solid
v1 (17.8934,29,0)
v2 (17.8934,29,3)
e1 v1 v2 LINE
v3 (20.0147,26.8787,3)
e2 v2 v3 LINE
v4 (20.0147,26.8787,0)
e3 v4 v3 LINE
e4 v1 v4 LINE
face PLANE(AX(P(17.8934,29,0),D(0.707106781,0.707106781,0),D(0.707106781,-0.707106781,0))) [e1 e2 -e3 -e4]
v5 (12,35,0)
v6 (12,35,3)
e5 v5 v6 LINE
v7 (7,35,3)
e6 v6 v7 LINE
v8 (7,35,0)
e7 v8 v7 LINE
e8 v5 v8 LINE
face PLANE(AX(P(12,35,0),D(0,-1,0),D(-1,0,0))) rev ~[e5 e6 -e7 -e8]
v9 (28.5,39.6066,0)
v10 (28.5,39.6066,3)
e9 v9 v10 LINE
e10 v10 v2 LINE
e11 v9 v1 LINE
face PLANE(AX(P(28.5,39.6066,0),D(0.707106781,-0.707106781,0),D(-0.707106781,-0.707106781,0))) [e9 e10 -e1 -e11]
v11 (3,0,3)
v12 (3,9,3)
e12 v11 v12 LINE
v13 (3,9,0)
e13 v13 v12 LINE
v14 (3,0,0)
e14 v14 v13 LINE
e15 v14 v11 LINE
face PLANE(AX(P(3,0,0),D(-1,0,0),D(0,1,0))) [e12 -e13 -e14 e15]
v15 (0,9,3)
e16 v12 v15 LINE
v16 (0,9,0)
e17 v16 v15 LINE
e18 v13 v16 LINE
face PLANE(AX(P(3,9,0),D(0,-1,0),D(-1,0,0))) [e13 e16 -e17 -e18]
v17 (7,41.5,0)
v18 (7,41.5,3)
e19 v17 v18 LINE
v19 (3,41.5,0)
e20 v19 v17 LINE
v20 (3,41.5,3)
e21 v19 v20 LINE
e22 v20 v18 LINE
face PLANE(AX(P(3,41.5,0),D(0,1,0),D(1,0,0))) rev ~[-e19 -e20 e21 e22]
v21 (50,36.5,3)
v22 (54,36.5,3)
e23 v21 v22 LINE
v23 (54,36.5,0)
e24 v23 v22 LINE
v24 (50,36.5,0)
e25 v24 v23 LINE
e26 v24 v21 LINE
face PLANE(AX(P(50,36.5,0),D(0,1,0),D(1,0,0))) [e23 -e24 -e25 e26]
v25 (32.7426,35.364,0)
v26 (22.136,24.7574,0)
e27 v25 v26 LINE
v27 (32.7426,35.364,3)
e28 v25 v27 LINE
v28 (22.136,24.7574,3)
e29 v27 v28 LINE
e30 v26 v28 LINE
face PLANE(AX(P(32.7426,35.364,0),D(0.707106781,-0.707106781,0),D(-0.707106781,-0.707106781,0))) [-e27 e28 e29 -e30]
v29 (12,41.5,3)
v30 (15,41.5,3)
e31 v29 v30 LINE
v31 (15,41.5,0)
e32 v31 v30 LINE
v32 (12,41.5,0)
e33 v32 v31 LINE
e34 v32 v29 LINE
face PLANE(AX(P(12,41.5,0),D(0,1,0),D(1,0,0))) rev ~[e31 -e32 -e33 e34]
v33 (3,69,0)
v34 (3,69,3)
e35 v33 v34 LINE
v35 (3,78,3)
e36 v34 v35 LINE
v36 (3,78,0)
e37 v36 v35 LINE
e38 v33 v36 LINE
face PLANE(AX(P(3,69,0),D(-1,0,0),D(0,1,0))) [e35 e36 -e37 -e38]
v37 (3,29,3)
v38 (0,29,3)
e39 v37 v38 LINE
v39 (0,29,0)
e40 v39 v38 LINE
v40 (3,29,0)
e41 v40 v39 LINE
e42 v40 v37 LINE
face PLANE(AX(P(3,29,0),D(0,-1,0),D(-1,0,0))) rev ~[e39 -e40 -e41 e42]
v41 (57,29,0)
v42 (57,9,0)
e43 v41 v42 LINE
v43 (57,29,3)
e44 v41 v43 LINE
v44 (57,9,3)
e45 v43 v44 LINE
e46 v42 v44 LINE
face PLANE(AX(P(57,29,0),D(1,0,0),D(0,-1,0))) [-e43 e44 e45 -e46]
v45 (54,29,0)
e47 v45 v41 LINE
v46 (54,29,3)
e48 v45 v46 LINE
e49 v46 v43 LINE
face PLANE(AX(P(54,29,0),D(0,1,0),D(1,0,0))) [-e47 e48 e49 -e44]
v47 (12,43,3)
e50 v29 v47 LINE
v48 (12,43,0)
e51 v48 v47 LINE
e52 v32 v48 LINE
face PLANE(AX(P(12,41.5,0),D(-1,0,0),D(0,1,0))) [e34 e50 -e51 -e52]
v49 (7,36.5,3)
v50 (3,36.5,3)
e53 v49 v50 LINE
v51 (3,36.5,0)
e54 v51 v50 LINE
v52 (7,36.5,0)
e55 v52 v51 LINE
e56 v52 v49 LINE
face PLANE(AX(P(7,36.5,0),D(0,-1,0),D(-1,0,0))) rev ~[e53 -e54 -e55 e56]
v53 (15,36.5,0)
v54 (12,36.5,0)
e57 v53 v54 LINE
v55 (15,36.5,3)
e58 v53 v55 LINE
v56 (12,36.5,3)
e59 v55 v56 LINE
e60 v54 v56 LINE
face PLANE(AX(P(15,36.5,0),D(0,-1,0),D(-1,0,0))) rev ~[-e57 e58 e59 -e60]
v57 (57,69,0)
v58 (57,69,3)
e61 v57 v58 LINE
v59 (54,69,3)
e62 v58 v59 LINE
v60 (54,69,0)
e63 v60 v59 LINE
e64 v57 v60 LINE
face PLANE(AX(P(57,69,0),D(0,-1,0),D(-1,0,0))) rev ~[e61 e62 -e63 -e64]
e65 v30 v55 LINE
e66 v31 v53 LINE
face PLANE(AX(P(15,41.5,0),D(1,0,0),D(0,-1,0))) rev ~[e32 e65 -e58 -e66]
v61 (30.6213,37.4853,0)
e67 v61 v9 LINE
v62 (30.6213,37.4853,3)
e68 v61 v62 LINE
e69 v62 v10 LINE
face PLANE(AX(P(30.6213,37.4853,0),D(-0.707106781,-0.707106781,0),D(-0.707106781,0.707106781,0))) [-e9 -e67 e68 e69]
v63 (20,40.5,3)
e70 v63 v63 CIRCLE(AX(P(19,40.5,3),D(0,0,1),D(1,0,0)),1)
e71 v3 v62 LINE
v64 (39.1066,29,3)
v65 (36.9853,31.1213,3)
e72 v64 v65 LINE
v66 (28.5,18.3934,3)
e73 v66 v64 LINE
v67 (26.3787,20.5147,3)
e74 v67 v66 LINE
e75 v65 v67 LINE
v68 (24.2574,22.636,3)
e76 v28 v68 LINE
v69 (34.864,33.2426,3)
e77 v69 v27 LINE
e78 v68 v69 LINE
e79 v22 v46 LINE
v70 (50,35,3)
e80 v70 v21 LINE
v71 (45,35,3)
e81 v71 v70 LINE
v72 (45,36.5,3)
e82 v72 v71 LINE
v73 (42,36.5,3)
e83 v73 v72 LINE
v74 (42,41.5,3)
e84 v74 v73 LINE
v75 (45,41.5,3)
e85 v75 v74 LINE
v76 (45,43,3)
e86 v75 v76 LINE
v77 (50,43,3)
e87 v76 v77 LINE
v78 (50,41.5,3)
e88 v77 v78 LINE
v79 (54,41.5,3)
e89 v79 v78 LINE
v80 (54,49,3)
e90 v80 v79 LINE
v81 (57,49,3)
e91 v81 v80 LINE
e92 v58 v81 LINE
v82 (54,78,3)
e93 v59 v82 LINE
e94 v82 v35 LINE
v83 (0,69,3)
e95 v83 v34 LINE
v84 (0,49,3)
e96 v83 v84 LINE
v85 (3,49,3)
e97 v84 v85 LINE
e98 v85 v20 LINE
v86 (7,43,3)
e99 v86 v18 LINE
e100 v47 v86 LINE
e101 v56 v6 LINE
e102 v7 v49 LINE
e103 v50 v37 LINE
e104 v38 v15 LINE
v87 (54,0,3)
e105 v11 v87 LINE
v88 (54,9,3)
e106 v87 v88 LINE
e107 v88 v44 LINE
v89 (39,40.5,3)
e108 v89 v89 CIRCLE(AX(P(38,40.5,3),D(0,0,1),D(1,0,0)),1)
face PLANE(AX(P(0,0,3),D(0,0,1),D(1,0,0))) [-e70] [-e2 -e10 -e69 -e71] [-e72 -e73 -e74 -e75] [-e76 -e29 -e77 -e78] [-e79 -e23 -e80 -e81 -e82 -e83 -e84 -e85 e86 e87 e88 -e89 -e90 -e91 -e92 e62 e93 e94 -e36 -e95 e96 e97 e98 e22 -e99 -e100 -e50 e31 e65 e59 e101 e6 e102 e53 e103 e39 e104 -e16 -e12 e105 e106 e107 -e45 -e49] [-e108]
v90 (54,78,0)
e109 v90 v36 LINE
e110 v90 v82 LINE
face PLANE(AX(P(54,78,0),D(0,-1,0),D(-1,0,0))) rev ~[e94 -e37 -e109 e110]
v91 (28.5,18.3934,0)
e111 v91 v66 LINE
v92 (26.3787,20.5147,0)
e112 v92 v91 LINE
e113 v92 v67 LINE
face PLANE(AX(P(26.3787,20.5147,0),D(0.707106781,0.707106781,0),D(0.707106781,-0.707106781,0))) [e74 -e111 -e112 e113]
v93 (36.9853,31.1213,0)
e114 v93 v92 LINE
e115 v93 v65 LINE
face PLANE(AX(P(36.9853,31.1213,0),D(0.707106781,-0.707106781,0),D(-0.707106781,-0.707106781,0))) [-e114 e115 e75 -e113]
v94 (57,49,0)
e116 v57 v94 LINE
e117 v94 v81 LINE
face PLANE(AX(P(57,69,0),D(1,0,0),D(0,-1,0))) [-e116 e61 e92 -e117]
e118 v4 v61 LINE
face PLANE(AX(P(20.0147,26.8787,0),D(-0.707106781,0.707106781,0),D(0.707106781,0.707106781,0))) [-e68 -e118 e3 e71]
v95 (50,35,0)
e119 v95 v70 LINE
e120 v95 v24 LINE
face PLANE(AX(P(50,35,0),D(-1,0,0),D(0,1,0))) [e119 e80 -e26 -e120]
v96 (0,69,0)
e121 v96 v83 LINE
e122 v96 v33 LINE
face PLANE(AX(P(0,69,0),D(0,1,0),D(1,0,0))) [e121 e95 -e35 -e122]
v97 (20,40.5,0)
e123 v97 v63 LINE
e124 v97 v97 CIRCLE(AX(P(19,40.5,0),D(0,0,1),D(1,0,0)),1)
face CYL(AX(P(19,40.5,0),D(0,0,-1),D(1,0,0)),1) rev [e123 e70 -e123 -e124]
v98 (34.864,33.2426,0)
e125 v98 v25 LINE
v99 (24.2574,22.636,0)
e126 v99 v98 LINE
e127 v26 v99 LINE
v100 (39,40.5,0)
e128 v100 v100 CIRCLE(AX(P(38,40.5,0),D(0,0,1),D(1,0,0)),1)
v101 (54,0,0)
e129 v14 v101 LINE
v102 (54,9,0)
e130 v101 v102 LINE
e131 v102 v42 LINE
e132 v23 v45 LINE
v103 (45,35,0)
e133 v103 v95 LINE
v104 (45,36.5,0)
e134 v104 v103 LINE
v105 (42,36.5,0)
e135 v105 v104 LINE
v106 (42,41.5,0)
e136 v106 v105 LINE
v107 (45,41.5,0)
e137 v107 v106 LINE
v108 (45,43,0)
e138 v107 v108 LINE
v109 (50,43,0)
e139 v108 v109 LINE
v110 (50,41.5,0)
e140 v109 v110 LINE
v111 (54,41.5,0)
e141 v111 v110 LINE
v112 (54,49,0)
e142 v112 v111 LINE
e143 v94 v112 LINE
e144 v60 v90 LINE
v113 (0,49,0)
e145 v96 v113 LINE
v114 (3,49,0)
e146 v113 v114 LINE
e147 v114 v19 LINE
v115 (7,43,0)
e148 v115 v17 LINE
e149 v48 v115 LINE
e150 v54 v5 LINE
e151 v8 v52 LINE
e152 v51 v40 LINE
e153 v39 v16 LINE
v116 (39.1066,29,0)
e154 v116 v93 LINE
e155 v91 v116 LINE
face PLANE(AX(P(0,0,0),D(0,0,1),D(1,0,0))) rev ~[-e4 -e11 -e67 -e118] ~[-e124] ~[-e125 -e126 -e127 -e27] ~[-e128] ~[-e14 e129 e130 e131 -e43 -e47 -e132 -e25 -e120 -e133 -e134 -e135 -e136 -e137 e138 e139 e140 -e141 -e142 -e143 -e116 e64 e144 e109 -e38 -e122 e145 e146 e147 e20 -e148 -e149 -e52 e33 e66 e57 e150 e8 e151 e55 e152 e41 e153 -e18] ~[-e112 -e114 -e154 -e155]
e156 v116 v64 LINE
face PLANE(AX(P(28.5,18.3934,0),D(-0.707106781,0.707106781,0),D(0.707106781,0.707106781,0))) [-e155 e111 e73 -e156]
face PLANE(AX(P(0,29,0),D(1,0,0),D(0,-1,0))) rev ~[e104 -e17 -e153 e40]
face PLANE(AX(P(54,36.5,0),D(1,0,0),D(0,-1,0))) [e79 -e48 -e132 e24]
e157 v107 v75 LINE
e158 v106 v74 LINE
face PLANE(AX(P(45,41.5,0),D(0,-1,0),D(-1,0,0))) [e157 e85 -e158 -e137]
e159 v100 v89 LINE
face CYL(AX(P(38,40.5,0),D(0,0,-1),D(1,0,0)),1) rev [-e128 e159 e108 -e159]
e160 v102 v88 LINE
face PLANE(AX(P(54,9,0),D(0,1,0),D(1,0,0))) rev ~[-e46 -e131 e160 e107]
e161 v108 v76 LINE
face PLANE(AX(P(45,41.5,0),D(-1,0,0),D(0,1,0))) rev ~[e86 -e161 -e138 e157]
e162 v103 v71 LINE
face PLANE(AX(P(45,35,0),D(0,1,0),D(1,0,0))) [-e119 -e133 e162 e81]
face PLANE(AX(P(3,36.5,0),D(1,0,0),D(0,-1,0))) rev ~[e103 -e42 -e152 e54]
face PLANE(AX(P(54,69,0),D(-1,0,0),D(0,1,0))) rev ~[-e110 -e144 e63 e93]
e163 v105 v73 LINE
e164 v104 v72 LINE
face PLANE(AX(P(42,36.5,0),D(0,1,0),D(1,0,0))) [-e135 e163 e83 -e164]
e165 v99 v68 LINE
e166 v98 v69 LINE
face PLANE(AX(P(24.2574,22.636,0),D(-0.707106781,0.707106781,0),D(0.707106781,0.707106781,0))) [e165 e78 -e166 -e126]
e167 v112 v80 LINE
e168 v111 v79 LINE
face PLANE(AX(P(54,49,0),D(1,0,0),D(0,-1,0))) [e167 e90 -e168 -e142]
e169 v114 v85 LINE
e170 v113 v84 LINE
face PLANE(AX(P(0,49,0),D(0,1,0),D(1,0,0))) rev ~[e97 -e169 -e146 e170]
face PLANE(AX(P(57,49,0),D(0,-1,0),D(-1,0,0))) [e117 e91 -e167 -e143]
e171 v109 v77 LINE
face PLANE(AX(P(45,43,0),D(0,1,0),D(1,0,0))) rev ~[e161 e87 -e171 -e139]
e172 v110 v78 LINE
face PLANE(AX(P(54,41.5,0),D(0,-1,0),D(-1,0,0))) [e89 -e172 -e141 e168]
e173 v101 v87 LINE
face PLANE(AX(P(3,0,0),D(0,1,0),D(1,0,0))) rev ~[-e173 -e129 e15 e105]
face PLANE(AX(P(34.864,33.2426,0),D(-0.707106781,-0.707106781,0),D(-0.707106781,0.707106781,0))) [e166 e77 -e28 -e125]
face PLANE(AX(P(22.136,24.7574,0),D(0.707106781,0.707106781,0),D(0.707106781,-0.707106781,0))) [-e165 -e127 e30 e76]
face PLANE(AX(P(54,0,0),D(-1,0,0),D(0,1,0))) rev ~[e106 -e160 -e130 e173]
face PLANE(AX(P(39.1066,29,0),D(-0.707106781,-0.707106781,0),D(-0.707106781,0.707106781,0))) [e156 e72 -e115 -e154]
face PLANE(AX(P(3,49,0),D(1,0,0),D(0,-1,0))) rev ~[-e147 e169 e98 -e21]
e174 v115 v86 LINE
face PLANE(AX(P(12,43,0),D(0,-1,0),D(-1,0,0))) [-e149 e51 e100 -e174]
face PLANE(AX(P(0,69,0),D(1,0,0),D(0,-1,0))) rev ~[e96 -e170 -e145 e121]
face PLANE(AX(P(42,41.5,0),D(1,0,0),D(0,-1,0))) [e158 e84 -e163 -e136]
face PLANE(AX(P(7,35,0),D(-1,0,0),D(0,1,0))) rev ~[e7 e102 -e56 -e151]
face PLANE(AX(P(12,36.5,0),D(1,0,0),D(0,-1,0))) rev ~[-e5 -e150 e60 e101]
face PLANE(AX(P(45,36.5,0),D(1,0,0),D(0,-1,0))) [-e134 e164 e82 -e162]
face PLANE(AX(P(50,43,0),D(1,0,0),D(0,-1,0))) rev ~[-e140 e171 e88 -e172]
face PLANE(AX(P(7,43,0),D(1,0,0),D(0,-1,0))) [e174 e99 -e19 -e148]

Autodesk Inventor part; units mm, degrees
ref_plane "YZ Plane" through (0, 0, 0) normal (1, 0, 0) x (0, 1, 0)
ref_plane "XZ Plane" through (0, 0, 0) normal (0, 1, 0) x (-1, 0, 0)
ref_plane "XY Plane" through (0, 0, 0) normal (0, 0, 1) x (1, 0, 0)
sketch "Sketch1" plane through (0, 0, 0) normal (0, 0, 1) x (1, 0, 0)
  line L0 (0, 69) -> (3, 69)
  line L1 (3, 69) -> (3, 78)
  line L2 (3, 0) -> (3, 9)
  line L3 (3, 9) -> (0, 9)
  line L4 (0, 49) -> (3, 49)
  line L5 (3, 29) -> (0, 29)
  line L6 (15, 41.5) -> (15, 36.5)
  line L7 (12, 41.5) -> (12, 43)
  line L8 (12, 43) -> (7, 43)
  line L9 (7, 43) -> (7, 41.5)
  line L10 (12, 36.5) -> (12, 35)
  line L11 (12, 35) -> (7, 35)
  line L12 (7, 35) -> (7, 36.5)
  line L13 (0, 69) -> (0, 49)
  line L14 (0, 29) -> (0, 9)
  line L15 (3, 49) -> (3, 41.5)
  line L16 (3, 36.5) -> (3, 29)
  line L17 (15, 36.5) -> (12, 36.5)
  line L18 (7, 36.5) -> (3, 36.5)
  line L19 (3, 41.5) -> (7, 41.5)
  line L20 (12, 41.5) -> (15, 41.5)
  line L21 (57, 69) -> (54, 69)
  line L22 (54, 69) -> (54, 78)
  line L23 (54, 0) -> (54, 9)
  line L24 (54, 9) -> (57, 9)
  line L25 (57, 49) -> (54, 49)
  line L26 (54, 29) -> (57, 29)
  line L27 (42, 41.5) -> (42, 36.5)
  line L28 (45, 41.5) -> (45, 43)
  line L29 (45, 43) -> (50, 43)
  line L30 (50, 43) -> (50, 41.5)
  line L31 (45, 36.5) -> (45, 35)
  line L32 (45, 35) -> (50, 35)
  line L33 (50, 35) -> (50, 36.5)
  line L34 (57, 69) -> (57, 49)
  line L35 (57, 29) -> (57, 9)
  line L36 (54, 49) -> (54, 41.5)
  line L37 (54, 36.5) -> (54, 29)
  line L38 (42, 36.5) -> (45, 36.5)
  line L39 (50, 36.5) -> (54, 36.5)
  line L40 (54, 41.5) -> (50, 41.5)
  line L41 (45, 41.5) -> (42, 41.5)
  line L42 (3, 0) -> (54, 0)
  line L43 (54, 78) -> (3, 78)
  line L44 (24.2574, 22.636) -> (34.864, 33.2426)
  line L45 (34.864, 33.2426) -> (32.7426, 35.364)
  line L46 (32.7426, 35.364) -> (22.136, 24.7574)
  line L47 (22.136, 24.7574) -> (24.2574, 22.636)
  line L48 (20.0147, 26.8787) -> (30.6213, 37.4853)
  line L49 (30.6213, 37.4853) -> (28.5, 39.6066)
  line L50 (28.5, 39.6066) -> (17.8934, 29)
  line L51 (17.8934, 29) -> (20.0147, 26.8787)
  line L52 (28.5, 18.3934) -> (39.1066, 29)
  line L53 (39.1066, 29) -> (36.9853, 31.1213)
  line L54 (36.9853, 31.1213) -> (26.3787, 20.5147)
  line L55 (26.3787, 20.5147) -> (28.5, 18.3934)
  line L56 (24.2574, 22.636) -> (34.864, 33.2426)
  line L57 (34.864, 33.2426) -> (32.7426, 35.364)
  line L58 (32.7426, 35.364) -> (22.136, 24.7574)
  line L59 (22.136, 24.7574) -> (24.2574, 22.636)
  circle A0 centre (19, 40.5) radius 1
  circle A1 centre (38, 40.5) radius 1
  point P0 (0, 0)
  point P1 (57, 56.3821)
  point P2 (13.5, 36.5)
  point P3 (43.5, 41.5)
  dimension "d58" = 3
  dimension "d59" = 4
  dimension "d60" = 5
  dimension "d61" = 3
  dimension "d62" = 3
  dimension "d63" = 4
  dimension "d64" = 5
  dimension "d65" = 3
  dimension "d66" = 3
  dimension "d77" = 6
  dimension "d80" = 6
  dimension "d83" = 2
  dimension "d84" = 2
  dimension "d85" = 4
  dimension "d86" = 4
  dimension "d87" = 4
  dimension "d88" = 4
extrude "Extrusion1" add sketch "Sketch1" along normal blind 3
properties part number "Motor_Mount_Front"
